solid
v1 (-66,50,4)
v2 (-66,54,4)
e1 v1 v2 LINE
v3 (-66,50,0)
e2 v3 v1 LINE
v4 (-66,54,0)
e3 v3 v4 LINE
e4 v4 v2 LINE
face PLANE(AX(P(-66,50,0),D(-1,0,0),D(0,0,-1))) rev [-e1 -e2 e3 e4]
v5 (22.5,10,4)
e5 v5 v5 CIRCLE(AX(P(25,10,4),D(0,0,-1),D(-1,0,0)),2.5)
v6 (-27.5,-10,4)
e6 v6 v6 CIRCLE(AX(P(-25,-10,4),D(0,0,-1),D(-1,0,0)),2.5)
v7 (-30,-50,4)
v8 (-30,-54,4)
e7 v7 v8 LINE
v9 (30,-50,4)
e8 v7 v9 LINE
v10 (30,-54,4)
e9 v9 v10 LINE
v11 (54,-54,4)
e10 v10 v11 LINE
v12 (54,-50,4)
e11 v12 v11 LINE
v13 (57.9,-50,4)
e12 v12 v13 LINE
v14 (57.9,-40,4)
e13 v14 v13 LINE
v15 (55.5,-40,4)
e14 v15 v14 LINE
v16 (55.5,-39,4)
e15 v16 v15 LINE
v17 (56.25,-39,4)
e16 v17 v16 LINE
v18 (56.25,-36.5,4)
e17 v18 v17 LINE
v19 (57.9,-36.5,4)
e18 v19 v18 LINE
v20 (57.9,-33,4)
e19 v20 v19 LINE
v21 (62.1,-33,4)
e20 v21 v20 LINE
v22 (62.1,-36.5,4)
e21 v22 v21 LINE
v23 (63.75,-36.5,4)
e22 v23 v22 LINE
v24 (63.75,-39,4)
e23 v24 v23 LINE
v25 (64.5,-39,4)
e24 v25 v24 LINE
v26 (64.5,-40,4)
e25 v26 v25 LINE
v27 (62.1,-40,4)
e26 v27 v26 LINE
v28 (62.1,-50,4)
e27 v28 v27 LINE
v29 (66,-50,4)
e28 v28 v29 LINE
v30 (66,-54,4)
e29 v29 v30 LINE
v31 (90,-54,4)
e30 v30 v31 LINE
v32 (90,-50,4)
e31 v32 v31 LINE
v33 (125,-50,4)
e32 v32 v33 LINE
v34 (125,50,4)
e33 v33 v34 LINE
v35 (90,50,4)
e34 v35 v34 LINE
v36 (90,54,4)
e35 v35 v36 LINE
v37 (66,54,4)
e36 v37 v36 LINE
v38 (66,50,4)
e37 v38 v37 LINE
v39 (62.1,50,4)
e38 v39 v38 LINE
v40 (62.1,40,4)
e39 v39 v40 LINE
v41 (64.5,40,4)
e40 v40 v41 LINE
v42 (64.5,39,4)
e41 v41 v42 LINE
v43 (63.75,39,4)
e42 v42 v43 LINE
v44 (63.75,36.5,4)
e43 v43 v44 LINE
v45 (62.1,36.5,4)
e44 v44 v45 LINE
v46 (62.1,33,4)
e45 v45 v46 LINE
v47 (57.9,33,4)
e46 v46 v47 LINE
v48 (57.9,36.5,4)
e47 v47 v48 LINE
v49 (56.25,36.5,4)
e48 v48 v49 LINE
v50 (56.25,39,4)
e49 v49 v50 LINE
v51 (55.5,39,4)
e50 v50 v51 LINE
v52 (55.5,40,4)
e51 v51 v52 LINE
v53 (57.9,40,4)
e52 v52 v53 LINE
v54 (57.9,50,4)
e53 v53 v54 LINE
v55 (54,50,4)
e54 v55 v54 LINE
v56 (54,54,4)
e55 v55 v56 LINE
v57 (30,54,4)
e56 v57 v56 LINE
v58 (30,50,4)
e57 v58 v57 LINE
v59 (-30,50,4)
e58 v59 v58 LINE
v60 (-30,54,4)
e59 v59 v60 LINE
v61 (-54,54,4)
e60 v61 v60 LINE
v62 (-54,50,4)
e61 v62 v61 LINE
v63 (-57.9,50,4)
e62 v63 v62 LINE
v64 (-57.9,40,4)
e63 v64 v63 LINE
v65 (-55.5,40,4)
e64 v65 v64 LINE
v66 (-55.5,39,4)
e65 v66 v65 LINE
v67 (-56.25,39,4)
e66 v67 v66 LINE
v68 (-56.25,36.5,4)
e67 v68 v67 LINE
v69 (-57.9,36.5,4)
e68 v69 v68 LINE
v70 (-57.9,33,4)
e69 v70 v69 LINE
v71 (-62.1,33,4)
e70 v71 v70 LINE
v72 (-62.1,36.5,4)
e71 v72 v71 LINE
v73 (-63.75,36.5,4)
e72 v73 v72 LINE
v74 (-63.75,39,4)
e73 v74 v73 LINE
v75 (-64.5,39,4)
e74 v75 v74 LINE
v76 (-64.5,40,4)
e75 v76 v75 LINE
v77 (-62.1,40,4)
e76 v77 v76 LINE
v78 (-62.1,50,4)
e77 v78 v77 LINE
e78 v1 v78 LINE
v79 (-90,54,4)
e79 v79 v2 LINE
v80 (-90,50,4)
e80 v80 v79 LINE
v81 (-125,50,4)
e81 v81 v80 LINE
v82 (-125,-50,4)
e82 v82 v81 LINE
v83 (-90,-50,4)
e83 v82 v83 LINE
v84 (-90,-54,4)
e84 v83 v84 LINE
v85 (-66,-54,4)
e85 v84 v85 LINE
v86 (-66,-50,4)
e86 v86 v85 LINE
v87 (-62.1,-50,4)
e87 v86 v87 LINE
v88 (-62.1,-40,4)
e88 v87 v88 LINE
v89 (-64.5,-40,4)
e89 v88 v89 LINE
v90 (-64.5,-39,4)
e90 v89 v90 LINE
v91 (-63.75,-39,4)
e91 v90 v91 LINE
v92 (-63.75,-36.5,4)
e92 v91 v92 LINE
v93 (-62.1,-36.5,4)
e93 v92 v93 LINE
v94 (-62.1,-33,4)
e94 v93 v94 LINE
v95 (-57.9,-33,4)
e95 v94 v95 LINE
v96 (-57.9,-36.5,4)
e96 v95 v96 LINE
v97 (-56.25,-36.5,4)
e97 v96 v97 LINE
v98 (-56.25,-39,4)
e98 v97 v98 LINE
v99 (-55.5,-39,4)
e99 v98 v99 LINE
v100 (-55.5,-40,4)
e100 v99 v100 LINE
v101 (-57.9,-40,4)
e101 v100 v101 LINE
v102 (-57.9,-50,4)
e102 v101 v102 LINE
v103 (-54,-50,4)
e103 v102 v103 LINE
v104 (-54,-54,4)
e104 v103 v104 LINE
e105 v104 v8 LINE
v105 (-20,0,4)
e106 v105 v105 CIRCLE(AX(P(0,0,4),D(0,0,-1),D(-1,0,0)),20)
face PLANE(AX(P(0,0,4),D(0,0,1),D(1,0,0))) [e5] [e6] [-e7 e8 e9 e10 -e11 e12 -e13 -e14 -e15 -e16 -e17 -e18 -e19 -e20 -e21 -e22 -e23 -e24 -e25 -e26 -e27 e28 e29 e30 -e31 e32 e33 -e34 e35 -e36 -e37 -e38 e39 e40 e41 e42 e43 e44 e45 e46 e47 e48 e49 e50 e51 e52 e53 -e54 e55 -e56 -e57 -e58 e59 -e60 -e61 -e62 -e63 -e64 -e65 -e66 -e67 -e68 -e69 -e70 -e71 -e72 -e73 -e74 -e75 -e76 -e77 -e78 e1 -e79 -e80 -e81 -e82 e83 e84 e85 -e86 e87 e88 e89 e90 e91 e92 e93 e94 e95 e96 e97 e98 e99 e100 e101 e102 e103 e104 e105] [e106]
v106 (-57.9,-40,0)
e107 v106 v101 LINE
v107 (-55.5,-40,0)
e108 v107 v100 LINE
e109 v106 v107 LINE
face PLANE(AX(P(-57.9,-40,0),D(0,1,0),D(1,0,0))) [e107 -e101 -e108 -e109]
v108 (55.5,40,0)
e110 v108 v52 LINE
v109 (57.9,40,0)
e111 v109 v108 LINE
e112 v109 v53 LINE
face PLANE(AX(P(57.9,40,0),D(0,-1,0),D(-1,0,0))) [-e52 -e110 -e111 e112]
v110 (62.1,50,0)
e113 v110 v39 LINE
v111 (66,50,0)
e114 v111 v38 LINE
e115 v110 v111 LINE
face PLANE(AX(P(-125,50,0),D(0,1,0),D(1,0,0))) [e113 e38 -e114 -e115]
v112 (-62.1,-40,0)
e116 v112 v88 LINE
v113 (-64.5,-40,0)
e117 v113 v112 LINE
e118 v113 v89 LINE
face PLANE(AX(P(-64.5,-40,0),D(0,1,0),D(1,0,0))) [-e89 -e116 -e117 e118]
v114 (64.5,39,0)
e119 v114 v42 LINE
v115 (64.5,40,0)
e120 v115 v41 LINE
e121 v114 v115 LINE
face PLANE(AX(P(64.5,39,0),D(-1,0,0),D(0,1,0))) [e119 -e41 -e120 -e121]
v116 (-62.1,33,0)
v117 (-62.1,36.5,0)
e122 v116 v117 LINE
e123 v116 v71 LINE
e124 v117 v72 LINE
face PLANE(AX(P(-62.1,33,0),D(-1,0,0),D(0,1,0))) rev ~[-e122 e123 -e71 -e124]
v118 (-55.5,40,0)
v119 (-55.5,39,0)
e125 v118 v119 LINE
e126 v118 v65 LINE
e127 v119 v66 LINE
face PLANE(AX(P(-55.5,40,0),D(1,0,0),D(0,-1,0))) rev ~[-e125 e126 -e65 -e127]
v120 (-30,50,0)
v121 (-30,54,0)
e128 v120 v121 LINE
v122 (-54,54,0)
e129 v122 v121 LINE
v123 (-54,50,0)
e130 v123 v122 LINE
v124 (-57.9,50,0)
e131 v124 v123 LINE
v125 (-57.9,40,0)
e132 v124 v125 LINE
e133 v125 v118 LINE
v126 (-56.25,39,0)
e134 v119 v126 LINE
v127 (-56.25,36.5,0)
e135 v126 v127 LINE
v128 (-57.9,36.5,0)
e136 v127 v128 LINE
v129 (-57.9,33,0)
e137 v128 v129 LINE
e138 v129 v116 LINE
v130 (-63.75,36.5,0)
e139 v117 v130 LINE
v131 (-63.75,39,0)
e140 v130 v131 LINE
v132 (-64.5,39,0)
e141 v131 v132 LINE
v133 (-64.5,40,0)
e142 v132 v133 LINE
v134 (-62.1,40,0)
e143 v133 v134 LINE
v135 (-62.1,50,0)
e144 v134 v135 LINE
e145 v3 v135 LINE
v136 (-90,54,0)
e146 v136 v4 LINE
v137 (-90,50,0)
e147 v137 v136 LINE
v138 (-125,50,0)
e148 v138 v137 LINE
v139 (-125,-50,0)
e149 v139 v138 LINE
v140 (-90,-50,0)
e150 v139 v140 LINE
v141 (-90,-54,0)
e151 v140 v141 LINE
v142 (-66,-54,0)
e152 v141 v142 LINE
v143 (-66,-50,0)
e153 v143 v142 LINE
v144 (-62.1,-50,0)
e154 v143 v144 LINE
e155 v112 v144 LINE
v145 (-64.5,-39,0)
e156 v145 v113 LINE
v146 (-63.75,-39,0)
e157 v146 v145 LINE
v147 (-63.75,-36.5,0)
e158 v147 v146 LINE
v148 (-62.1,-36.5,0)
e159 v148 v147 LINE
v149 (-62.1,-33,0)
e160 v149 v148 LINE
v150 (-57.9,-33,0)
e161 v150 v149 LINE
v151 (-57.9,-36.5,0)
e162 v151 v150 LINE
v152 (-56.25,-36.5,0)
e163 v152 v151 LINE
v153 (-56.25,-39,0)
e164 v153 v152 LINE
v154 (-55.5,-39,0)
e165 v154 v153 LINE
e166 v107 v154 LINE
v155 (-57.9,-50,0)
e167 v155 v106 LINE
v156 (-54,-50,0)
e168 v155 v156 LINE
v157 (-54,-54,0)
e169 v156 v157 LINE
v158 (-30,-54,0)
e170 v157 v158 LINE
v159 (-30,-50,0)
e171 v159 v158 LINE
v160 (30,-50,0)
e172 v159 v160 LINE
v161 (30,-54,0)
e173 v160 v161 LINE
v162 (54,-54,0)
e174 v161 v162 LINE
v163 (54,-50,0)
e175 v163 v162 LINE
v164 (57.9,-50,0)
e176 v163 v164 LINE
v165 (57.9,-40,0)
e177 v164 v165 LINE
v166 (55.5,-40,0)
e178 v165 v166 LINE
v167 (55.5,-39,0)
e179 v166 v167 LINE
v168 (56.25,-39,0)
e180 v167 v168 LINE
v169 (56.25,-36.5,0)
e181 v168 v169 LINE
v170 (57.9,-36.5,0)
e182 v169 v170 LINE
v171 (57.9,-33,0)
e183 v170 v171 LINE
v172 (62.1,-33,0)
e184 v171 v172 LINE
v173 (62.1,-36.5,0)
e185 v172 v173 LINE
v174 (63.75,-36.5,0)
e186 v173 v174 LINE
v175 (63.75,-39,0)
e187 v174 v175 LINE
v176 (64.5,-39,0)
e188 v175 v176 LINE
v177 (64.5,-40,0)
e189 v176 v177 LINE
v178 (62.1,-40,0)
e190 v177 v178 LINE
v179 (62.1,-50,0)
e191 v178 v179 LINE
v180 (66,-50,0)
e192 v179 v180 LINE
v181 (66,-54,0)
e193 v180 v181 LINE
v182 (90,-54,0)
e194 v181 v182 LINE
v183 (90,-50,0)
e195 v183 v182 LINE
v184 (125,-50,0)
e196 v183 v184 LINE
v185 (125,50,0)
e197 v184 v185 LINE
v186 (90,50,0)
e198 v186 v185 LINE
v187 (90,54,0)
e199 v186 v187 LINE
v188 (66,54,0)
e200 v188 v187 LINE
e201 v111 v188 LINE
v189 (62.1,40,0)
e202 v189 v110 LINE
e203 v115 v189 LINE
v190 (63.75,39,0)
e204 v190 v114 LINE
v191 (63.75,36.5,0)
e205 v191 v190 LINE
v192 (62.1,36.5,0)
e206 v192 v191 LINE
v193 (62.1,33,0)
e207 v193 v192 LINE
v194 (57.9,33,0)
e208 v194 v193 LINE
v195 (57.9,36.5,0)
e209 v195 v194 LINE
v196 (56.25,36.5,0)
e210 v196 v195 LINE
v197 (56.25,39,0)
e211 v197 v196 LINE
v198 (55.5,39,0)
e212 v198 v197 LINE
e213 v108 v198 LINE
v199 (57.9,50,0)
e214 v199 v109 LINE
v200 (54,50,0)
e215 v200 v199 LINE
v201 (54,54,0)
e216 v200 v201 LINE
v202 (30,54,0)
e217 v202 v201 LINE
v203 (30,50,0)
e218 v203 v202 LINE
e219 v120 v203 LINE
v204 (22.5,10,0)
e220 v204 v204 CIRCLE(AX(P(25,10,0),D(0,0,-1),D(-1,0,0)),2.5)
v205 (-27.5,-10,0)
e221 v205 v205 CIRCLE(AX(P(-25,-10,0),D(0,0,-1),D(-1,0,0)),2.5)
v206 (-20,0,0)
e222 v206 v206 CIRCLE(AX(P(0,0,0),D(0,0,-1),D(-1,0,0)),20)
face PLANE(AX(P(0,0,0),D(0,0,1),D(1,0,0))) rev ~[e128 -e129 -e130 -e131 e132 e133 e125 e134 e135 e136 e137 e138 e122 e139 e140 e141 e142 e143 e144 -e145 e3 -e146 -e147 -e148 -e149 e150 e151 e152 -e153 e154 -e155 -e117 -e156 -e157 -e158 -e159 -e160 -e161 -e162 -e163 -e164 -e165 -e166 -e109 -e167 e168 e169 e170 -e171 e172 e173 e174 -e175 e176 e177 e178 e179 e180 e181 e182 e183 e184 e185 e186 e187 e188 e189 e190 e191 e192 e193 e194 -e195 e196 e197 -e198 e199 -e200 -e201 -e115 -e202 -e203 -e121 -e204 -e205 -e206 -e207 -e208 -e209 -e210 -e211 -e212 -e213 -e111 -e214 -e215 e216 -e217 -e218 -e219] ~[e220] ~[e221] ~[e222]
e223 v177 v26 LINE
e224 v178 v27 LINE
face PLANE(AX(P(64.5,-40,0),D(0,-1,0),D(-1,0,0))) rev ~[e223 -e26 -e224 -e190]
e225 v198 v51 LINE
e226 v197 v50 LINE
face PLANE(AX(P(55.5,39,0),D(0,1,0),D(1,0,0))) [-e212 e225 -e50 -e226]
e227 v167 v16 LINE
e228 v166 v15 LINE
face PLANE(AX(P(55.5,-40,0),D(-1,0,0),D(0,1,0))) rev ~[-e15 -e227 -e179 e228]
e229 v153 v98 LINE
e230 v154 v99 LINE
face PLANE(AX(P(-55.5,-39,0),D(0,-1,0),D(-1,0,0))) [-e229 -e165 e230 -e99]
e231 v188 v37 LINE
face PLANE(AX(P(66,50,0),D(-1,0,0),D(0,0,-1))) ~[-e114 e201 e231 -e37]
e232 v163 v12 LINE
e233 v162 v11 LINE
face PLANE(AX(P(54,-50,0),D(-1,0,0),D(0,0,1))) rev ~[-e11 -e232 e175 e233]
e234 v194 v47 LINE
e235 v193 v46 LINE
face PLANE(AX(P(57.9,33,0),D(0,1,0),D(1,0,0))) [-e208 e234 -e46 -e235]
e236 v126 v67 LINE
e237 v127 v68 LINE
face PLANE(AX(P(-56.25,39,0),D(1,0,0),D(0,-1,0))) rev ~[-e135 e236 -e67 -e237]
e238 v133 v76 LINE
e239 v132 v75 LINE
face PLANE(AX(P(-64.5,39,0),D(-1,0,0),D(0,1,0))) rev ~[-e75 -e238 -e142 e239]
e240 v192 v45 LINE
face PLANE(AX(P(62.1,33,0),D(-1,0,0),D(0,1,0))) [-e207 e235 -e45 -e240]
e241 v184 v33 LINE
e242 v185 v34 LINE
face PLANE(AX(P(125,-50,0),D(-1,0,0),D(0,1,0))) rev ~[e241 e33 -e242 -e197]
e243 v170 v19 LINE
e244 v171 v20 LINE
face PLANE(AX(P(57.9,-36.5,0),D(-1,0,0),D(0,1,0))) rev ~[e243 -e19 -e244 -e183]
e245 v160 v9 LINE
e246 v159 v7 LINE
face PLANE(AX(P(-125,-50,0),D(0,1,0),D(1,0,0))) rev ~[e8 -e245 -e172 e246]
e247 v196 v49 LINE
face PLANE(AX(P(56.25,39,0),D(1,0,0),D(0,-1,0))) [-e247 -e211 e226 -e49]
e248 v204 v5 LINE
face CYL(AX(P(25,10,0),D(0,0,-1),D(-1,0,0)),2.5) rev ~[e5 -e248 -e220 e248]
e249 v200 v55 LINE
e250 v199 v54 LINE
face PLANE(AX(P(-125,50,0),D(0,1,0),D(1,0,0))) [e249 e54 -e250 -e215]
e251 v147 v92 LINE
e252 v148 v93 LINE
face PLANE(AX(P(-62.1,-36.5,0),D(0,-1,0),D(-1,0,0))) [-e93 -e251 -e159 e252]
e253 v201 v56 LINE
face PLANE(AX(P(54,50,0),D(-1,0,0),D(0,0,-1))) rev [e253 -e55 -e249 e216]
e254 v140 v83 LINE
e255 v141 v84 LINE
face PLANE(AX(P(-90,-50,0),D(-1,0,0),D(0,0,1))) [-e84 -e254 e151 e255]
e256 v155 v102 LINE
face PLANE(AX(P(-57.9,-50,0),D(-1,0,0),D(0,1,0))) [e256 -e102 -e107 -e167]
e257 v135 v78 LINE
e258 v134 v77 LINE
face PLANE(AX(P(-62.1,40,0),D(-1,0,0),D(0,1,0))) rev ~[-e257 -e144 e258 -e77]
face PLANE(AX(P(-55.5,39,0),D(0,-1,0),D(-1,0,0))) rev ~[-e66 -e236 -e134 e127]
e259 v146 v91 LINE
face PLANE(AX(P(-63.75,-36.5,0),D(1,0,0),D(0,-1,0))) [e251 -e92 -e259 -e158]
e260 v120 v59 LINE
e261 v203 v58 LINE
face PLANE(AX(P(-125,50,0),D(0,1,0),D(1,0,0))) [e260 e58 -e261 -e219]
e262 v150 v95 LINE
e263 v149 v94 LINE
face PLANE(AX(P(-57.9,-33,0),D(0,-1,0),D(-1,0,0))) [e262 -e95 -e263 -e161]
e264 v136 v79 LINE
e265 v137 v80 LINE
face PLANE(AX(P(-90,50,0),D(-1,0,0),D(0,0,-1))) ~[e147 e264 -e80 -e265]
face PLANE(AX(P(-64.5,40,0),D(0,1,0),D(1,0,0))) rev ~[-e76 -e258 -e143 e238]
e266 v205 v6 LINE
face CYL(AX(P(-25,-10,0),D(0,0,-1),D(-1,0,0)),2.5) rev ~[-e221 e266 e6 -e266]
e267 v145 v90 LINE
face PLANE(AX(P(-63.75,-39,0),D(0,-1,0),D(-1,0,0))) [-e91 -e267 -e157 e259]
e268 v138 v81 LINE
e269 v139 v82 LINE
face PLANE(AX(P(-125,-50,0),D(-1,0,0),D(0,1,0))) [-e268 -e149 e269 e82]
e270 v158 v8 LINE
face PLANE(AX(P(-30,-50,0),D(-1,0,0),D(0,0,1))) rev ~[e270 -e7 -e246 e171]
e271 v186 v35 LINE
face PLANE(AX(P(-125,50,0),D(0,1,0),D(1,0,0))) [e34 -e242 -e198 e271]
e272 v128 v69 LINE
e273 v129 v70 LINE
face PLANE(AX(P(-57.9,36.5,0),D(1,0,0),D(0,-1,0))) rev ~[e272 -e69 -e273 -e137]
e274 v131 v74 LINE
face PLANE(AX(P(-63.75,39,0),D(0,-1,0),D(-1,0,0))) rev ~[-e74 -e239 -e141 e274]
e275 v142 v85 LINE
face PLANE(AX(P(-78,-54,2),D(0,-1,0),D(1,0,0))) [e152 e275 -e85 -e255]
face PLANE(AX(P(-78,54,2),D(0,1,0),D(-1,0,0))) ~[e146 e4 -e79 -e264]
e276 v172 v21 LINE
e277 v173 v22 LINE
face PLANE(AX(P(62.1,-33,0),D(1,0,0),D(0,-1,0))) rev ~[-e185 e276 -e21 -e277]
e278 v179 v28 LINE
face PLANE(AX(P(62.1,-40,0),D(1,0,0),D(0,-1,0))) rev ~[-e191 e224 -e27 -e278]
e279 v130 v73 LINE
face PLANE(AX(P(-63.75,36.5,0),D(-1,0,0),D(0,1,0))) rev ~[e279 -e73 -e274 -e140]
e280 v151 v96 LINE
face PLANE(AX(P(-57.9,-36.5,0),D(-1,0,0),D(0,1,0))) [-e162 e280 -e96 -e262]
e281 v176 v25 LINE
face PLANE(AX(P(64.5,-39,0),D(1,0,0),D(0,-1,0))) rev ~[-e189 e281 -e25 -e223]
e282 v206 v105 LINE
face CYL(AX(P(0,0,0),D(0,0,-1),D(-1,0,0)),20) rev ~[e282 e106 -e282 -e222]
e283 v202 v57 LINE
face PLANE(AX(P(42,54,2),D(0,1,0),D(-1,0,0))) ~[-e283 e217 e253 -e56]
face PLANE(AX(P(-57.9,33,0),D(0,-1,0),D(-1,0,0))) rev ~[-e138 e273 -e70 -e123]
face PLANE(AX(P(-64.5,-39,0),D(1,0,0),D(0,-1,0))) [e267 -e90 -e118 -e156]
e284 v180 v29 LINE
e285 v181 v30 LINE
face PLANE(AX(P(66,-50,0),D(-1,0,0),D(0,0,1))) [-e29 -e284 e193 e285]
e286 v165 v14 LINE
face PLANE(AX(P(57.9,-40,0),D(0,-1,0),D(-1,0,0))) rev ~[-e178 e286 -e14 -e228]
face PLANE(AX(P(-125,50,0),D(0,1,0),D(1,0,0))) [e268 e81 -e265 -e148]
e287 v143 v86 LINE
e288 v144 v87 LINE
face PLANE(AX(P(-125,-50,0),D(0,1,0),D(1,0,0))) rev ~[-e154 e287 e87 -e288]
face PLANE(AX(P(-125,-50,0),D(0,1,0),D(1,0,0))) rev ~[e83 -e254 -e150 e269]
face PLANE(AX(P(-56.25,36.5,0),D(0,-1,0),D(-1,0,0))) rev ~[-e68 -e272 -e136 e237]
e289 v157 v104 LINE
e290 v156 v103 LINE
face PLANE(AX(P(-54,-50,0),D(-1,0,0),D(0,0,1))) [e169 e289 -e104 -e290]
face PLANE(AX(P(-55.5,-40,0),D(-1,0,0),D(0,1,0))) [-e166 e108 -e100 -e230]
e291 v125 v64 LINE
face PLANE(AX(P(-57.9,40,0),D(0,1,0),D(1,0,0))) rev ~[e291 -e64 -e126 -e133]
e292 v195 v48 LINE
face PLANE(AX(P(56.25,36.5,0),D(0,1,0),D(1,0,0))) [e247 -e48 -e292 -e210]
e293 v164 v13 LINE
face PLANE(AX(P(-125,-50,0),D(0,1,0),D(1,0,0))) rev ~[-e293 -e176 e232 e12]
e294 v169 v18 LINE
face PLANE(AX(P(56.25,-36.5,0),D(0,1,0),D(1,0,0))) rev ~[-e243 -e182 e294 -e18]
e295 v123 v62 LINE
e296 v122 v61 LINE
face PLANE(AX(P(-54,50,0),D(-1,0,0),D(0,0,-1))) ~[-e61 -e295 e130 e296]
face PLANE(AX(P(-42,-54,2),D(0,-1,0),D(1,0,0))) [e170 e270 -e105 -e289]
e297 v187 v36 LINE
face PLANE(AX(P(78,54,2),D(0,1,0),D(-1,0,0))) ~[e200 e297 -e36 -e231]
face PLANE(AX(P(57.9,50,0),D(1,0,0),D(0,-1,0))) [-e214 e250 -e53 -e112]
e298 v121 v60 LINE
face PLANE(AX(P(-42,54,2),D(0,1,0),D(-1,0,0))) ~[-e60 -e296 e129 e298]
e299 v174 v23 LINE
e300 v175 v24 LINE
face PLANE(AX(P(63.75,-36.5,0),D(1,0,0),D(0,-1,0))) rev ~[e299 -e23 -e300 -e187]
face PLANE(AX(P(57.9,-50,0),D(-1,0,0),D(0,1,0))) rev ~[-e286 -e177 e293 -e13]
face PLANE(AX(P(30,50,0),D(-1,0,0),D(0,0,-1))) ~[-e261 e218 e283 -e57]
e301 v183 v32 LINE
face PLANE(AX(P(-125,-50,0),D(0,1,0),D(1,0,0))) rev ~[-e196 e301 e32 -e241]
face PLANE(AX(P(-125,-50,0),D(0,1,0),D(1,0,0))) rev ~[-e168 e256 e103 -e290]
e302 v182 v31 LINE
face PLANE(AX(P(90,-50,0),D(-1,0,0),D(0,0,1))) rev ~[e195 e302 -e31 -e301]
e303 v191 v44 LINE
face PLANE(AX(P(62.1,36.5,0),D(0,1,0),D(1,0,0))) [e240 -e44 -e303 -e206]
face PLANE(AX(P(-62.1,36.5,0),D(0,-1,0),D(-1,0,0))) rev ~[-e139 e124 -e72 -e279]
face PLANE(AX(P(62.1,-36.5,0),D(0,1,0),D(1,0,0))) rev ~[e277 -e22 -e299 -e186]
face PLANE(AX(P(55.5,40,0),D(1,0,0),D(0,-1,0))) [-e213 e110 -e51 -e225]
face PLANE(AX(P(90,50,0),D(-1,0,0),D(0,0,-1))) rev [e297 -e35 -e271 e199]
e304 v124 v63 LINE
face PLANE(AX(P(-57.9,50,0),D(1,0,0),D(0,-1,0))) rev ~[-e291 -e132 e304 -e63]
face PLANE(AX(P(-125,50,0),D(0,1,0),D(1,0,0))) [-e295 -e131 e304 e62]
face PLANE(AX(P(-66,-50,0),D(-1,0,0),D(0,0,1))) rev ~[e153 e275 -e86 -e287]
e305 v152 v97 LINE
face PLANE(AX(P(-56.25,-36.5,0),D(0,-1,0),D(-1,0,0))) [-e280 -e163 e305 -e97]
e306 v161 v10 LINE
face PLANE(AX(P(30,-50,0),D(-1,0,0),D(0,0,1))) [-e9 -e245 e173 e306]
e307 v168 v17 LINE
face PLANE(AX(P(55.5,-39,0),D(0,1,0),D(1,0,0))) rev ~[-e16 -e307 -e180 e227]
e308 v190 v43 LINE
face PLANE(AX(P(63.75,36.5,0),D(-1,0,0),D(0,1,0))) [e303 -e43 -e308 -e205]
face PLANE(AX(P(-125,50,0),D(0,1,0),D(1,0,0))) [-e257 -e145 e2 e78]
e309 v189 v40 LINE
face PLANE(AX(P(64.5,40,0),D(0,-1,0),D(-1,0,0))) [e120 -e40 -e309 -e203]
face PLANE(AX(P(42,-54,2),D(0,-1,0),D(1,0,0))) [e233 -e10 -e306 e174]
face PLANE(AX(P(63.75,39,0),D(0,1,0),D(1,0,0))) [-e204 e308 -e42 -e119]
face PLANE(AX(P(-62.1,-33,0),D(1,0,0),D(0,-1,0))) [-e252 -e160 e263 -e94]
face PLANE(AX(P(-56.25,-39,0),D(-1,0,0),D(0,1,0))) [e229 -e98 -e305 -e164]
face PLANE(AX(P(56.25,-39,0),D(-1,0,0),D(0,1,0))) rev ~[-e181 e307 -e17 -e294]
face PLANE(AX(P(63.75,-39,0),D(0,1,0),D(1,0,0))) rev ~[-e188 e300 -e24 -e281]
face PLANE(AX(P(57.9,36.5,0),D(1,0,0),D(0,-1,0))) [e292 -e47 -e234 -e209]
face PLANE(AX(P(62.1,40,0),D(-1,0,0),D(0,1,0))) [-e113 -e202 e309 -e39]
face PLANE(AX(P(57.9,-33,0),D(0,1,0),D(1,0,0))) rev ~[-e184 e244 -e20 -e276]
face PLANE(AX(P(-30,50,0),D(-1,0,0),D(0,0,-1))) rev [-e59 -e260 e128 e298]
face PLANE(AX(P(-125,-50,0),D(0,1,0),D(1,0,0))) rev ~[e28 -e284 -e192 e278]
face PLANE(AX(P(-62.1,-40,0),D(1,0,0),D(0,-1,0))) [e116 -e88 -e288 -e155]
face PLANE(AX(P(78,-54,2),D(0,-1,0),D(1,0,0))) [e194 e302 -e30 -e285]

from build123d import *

# Parameters (mm, degrees)
SKETCH1_W           = 250
SKETCH1_H           = 100
BOSS_EXTRUDE1_DEPTH = 4
SKETCH2_W           = 24
SKETCH2_H           = 4
BOSS_EXTRUDE2_DEPTH = 4
CUT_EXTRUDE1_DEPTH  = 10
SKETCH4_R           = 20
SKETCH4_R_2         = 2.5
CUT_EXTRUDE2_DEPTH  = 10


with BuildPart() as part:
    # Sketch1 → Boss-Extrude1 (new body)
    with BuildSketch(Plane.XY):
        Rectangle(SKETCH1_W, SKETCH1_H)
    extrude(amount=BOSS_EXTRUDE1_DEPTH)

    # Sketch2 → Boss-Extrude2 (add)
    with BuildSketch(Plane.XZ.offset(50)):
        with Locations((-78, 2)):
            Rectangle(SKETCH2_W, SKETCH2_H)
        with Locations((-42, 2)):
            Rectangle(SKETCH2_W, SKETCH2_H)
        with Locations((42, 2)):
            Rectangle(SKETCH2_W, SKETCH2_H)
        with Locations((78, 2)):
            Rectangle(SKETCH2_W, SKETCH2_H)
    boss_extrude2 = extrude(amount=BOSS_EXTRUDE2_DEPTH)

    # Mirror1: Boss-Extrude2 across plane
    add(boss_extrude2.mirror(Plane.ZX))

    # Sketch3 → Cut-Extrude1 (cut)
    with BuildSketch(Plane(origin=(0, 0, 0), x_dir=(-1, 0, 0), z_dir=(0, 0, -1))):
        Polygon((-62.1, -50), (-57.9, -50), (-57.9, -40), (-55.5, -40), (-55.5, -39), (-56.25, -39), (-56.25, -36.5), (-57.9, -36.5), (-57.9, -33), (-62.1, -33), (-62.1, -36.5), (-63.75, -36.5), (-63.75, -39), (-64.5, -39), (-64.5, -40), (-62.1, -40), align=None)
        Polygon((57.9, -50), (57.9, -40), (55.5, -40), (55.5, -39), (56.25, -39), (56.25, -36.5), (57.9, -36.5), (57.9, -33), (62.1, -33), (62.1, -36.5), (63.75, -36.5), (63.75, -39), (64.5, -39), (64.5, -40), (62.1, -40), (62.1, -50), align=None)
        Polygon((62.1, 50), (57.9, 50), (57.9, 40), (55.5, 40), (55.5, 39), (56.25, 39), (56.25, 36.5), (57.9, 36.5), (57.9, 33), (62.1, 33), (62.1, 36.5), (63.75, 36.5), (63.75, 39), (64.5, 39), (64.5, 40), (62.1, 40), align=None)
        Polygon((-57.9, 50), (-57.9, 40), (-55.5, 40), (-55.5, 39), (-56.25, 39), (-56.25, 36.5), (-57.9, 36.5), (-57.9, 33), (-62.1, 33), (-62.1, 36.5), (-63.75, 36.5), (-63.75, 39), (-64.5, 39), (-64.5, 40), (-62.1, 40), (-62.1, 50), align=None)
    extrude(amount=-CUT_EXTRUDE1_DEPTH, mode=Mode.SUBTRACT)

    # Sketch4 → Cut-Extrude2 (cut)
    with BuildSketch(Plane(origin=(0, 0, 0), x_dir=(-1, 0, 0), z_dir=(0, 0, -1))):
        Circle(SKETCH4_R)
        with Locations((-25, 10)):
            Circle(SKETCH4_R_2)
        with Locations((25, -10)):
            Circle(SKETCH4_R_2)
    extrude(amount=-CUT_EXTRUDE2_DEPTH, mode=Mode.SUBTRACT)


solid = part.part
